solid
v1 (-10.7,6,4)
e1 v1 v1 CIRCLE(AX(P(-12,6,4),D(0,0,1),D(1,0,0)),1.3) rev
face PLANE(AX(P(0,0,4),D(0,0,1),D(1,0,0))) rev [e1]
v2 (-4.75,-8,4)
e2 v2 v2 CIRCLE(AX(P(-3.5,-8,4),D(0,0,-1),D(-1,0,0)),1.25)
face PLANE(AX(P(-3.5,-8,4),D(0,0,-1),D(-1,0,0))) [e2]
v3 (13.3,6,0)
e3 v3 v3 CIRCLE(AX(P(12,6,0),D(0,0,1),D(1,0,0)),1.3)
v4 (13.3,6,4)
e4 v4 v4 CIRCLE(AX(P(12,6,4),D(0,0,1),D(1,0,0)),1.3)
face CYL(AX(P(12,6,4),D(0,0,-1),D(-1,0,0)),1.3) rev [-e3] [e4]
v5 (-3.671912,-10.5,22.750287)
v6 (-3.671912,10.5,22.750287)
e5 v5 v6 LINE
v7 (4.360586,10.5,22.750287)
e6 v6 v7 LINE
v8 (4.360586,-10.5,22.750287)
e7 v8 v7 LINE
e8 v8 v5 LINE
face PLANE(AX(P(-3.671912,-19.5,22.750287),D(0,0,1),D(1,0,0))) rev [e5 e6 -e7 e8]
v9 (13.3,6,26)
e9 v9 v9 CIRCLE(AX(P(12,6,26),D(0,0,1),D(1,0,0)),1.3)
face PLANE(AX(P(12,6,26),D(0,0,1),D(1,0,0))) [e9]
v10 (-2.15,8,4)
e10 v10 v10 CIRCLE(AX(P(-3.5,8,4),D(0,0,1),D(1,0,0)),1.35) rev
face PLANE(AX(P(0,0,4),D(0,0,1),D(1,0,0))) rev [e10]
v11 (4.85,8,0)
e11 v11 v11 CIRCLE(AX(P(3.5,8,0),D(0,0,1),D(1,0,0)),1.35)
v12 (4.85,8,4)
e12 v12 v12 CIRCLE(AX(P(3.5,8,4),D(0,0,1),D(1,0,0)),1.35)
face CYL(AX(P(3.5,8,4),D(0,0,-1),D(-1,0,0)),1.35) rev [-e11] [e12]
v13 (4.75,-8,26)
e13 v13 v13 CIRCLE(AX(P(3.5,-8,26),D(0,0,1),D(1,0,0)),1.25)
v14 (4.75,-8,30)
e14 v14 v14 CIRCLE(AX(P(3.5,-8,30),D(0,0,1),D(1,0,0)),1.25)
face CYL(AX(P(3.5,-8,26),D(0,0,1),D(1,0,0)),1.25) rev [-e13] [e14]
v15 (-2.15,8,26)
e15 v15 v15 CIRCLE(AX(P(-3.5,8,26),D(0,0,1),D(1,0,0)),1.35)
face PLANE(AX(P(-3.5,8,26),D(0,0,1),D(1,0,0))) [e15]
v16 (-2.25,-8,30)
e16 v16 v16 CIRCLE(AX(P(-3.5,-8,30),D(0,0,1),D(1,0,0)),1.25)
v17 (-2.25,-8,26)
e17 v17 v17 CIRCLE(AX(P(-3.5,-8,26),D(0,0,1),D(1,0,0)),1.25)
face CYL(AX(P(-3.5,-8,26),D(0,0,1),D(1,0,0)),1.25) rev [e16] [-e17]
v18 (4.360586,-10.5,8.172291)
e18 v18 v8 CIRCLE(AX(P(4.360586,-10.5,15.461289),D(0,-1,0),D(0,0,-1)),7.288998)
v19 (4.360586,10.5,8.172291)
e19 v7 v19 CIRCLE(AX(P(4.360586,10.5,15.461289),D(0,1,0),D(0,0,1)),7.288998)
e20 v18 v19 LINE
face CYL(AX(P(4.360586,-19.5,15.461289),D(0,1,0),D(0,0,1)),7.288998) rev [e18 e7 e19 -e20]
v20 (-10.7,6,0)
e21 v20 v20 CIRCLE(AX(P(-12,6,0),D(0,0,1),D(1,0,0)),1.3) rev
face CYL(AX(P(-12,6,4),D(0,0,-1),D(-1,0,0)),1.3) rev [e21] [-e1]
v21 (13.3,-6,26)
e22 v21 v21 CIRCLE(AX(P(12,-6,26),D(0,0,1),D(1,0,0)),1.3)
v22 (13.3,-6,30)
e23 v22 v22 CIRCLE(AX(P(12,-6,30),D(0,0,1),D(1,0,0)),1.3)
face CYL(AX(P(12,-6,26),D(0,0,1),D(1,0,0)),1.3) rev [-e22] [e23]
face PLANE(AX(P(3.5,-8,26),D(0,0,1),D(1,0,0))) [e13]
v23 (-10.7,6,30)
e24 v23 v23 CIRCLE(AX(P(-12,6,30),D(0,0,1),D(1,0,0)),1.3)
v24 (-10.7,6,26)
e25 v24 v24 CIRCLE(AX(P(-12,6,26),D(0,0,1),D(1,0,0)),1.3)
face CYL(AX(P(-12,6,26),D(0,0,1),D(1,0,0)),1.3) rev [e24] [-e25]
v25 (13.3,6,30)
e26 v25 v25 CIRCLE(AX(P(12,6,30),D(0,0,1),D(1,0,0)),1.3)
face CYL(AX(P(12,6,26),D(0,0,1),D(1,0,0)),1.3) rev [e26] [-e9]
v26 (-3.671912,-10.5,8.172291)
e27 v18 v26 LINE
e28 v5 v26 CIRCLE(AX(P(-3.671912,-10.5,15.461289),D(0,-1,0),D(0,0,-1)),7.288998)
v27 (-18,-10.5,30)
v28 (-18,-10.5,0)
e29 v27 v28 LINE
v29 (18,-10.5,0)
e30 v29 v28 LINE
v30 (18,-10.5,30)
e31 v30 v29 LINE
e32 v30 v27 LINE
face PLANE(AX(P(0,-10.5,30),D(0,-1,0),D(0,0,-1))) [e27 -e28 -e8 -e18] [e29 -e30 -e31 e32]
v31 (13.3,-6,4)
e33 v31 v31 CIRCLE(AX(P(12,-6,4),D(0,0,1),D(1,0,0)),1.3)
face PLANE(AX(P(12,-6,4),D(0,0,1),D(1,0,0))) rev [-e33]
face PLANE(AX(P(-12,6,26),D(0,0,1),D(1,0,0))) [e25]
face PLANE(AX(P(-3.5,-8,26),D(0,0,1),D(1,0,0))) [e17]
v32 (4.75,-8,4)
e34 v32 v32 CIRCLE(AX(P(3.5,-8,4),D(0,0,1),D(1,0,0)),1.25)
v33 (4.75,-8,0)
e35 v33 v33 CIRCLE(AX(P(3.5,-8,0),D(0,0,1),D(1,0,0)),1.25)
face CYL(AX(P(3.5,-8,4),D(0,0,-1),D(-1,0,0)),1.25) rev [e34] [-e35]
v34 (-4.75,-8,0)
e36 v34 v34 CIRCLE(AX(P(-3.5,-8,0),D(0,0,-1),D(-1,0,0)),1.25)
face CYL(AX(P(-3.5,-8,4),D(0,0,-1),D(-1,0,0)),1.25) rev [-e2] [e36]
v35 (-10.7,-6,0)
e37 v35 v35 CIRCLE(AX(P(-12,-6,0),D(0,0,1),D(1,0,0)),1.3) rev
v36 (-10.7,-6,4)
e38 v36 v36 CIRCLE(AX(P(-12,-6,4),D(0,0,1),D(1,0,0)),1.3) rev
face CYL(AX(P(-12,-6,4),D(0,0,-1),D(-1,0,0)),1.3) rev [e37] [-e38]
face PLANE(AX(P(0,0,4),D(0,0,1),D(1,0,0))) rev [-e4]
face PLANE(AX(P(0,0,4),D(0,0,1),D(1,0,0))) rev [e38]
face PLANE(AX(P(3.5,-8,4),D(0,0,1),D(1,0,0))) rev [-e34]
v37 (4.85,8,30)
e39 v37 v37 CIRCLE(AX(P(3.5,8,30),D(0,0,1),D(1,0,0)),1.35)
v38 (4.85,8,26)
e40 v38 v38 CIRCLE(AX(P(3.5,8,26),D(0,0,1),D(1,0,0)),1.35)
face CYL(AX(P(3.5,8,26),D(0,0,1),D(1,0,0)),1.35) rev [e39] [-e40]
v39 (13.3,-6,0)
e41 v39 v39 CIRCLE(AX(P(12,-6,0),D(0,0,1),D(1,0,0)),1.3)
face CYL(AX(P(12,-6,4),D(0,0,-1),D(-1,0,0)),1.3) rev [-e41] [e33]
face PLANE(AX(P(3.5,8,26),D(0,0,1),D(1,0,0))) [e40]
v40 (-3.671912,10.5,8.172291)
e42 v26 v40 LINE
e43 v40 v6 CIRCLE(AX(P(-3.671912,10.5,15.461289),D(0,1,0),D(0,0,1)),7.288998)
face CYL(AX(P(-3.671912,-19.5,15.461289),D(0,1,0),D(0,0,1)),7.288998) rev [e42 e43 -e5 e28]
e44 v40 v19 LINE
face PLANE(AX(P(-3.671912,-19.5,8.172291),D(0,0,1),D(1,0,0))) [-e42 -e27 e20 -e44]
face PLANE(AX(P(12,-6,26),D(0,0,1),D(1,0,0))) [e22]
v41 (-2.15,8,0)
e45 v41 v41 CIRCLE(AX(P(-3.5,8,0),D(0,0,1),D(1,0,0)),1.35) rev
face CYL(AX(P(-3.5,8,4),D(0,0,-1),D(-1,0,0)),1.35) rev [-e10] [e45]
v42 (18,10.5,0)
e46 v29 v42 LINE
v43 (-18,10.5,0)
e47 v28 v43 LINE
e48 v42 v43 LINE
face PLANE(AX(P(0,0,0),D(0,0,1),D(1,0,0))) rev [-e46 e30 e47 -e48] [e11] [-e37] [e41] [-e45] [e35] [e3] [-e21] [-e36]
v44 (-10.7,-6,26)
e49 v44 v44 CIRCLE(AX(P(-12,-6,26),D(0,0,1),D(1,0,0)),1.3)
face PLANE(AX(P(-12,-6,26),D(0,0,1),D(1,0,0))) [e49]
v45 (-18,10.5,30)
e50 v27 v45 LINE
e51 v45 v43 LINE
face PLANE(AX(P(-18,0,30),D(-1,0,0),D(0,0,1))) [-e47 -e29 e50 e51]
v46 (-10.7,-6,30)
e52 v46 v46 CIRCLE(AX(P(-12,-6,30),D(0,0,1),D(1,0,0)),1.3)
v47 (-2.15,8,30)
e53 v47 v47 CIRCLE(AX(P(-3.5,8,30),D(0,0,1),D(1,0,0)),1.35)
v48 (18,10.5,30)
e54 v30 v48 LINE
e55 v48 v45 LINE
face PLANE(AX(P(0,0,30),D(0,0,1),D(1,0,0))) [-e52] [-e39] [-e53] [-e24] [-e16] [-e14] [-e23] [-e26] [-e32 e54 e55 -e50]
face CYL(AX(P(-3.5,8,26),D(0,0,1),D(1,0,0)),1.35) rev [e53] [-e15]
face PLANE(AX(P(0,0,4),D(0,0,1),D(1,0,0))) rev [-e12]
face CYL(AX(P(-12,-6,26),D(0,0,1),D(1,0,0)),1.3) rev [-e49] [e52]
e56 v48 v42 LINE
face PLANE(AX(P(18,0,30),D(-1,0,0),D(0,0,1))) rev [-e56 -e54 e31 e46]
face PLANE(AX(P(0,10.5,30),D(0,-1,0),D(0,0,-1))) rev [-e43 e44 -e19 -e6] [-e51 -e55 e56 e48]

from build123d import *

# Parameters (mm, degrees)
SKETCH_1_W          = 36
SKETCH_1_H          = 21
SKETCH_1_R          = 1.25
SKETCH_1_R_2        = 1.3
SKETCH_1_R_3        = 1.35
EXTRUDE_1_DEPTH     = 30
SKETCH_1_5_R        = 1.3
SKETCH_1_5_R_2      = 1.35
SKETCH_1_5_R_3      = 1.25
CUT_EXTRUDE_1_DEPTH = 4
CUT_EXTRUDE_START   = 30
SKETCH_1_6_R        = 1.35
SKETCH_1_6_R_2      = 1.3
SKETCH_1_6_R_3      = 1.25
CUT_EXTRUDE_2_DEPTH = 4
CUT_EXTRUDE1_DEPTH  = 30


with BuildPart() as part:
    # 스케치1 → 보스-돌출1 (new body)
    with BuildSketch(Plane.XY):
        Rectangle(SKETCH_1_W, SKETCH_1_H)
        with Locations((-3.5, -8)):
            Circle(SKETCH_1_R, mode=Mode.SUBTRACT)
        with Locations((3.5, -8)):
            Circle(SKETCH_1_R, mode=Mode.SUBTRACT)
        with Locations((-12, 6)):
            Circle(SKETCH_1_R_2, mode=Mode.SUBTRACT)
        with Locations((12, 6)):
            Circle(SKETCH_1_R_2, mode=Mode.SUBTRACT)
        with Locations((12, -6)):
            Circle(SKETCH_1_R_2, mode=Mode.SUBTRACT)
        with Locations((-12, -6)):
            Circle(SKETCH_1_R_2, mode=Mode.SUBTRACT)
        with Locations((3.5, 8)):
            Circle(SKETCH_1_R_3, mode=Mode.SUBTRACT)
        with Locations((-3.5, 8)):
            Circle(SKETCH_1_R_3, mode=Mode.SUBTRACT)
        with Locations((12, -6)):
            Circle(SKETCH_1_R_2)
        with Locations((3.5, -8)):
            Circle(SKETCH_1_R)
        with Locations((-3.5, -8)):
            Circle(SKETCH_1_R)
        with Locations((-12, -6)):
            Circle(SKETCH_1_R_2)
        with Locations((-12, 6)):
            Circle(SKETCH_1_R_2)
        with Locations((-3.5, 8)):
            Circle(SKETCH_1_R_3)
        with Locations((3.5, 8)):
            Circle(SKETCH_1_R_3)
        with Locations((12, 6)):
            Circle(SKETCH_1_R_2)
    extrude(amount=EXTRUDE_1_DEPTH)

    # 스케치1<5> → 컷-돌출1 (cut)
    with BuildSketch(Plane.XY):
        with Locations((12, 6)):
            Circle(SKETCH_1_5_R)
        with Locations((3.5, 8)):
            Circle(SKETCH_1_5_R_2)
        with Locations((-3.5, 8)):
            Circle(SKETCH_1_5_R_2)
        with Locations((-12, 6)):
            Circle(SKETCH_1_5_R)
        with Locations((-12, -6)):
            Circle(SKETCH_1_5_R)
        with Locations(Location((-3.5, -8, 0), (0, 0, 180))):
            Circle(SKETCH_1_5_R_3)
        with Locations((3.5, -8)):
            Circle(SKETCH_1_5_R_3)
        with Locations((12, -6)):
            Circle(SKETCH_1_5_R)
    extrude(amount=CUT_EXTRUDE_1_DEPTH, mode=Mode.SUBTRACT)

    # 스케치1<6> → 컷-돌출2 (cut)
    with BuildSketch(Plane.XY.offset(CUT_EXTRUDE_START)):
        with Locations((3.5, 8)):
            Circle(SKETCH_1_6_R)
        with Locations((12, 6)):
            Circle(SKETCH_1_6_R_2)
        with Locations((-3.5, 8)):
            Circle(SKETCH_1_6_R)
        with Locations((-12, 6)):
            Circle(SKETCH_1_6_R_2)
        with Locations((-12, -6)):
            Circle(SKETCH_1_6_R_2)
        with Locations(Location((-3.5, -8, 0), (0, 0, 180))):
            Circle(SKETCH_1_6_R_3)
        with Locations((3.5, -8)):
            Circle(SKETCH_1_6_R_3)
        with Locations((12, -6)):
            Circle(SKETCH_1_6_R_2)
    extrude(amount=-CUT_EXTRUDE_2_DEPTH, mode=Mode.SUBTRACT)

    # Sketch2 → Cut-Extrude1 (cut)
    with BuildSketch(Plane(origin=(0, 10.5, 0), x_dir=(1, 0, 0), z_dir=(0, 1, 0))):
        with BuildLine():
            Line((-3.671911896, -8.172290791), (4.36058603, -8.172290791))
            ThreePointArc((4.36058603, -8.172290791), (11.649583923, -15.461288684), (4.36058603, -22.750286576))
            Line((4.36058603, -22.750286576), (-3.671911896, -22.750286576))
            ThreePointArc((-3.671911896, -22.750286576), (-10.960909789, -15.461288684), (-3.671911896, -8.172290791))
        make_face()
    extrude(amount=-CUT_EXTRUDE1_DEPTH, mode=Mode.SUBTRACT)


solid = part.part
